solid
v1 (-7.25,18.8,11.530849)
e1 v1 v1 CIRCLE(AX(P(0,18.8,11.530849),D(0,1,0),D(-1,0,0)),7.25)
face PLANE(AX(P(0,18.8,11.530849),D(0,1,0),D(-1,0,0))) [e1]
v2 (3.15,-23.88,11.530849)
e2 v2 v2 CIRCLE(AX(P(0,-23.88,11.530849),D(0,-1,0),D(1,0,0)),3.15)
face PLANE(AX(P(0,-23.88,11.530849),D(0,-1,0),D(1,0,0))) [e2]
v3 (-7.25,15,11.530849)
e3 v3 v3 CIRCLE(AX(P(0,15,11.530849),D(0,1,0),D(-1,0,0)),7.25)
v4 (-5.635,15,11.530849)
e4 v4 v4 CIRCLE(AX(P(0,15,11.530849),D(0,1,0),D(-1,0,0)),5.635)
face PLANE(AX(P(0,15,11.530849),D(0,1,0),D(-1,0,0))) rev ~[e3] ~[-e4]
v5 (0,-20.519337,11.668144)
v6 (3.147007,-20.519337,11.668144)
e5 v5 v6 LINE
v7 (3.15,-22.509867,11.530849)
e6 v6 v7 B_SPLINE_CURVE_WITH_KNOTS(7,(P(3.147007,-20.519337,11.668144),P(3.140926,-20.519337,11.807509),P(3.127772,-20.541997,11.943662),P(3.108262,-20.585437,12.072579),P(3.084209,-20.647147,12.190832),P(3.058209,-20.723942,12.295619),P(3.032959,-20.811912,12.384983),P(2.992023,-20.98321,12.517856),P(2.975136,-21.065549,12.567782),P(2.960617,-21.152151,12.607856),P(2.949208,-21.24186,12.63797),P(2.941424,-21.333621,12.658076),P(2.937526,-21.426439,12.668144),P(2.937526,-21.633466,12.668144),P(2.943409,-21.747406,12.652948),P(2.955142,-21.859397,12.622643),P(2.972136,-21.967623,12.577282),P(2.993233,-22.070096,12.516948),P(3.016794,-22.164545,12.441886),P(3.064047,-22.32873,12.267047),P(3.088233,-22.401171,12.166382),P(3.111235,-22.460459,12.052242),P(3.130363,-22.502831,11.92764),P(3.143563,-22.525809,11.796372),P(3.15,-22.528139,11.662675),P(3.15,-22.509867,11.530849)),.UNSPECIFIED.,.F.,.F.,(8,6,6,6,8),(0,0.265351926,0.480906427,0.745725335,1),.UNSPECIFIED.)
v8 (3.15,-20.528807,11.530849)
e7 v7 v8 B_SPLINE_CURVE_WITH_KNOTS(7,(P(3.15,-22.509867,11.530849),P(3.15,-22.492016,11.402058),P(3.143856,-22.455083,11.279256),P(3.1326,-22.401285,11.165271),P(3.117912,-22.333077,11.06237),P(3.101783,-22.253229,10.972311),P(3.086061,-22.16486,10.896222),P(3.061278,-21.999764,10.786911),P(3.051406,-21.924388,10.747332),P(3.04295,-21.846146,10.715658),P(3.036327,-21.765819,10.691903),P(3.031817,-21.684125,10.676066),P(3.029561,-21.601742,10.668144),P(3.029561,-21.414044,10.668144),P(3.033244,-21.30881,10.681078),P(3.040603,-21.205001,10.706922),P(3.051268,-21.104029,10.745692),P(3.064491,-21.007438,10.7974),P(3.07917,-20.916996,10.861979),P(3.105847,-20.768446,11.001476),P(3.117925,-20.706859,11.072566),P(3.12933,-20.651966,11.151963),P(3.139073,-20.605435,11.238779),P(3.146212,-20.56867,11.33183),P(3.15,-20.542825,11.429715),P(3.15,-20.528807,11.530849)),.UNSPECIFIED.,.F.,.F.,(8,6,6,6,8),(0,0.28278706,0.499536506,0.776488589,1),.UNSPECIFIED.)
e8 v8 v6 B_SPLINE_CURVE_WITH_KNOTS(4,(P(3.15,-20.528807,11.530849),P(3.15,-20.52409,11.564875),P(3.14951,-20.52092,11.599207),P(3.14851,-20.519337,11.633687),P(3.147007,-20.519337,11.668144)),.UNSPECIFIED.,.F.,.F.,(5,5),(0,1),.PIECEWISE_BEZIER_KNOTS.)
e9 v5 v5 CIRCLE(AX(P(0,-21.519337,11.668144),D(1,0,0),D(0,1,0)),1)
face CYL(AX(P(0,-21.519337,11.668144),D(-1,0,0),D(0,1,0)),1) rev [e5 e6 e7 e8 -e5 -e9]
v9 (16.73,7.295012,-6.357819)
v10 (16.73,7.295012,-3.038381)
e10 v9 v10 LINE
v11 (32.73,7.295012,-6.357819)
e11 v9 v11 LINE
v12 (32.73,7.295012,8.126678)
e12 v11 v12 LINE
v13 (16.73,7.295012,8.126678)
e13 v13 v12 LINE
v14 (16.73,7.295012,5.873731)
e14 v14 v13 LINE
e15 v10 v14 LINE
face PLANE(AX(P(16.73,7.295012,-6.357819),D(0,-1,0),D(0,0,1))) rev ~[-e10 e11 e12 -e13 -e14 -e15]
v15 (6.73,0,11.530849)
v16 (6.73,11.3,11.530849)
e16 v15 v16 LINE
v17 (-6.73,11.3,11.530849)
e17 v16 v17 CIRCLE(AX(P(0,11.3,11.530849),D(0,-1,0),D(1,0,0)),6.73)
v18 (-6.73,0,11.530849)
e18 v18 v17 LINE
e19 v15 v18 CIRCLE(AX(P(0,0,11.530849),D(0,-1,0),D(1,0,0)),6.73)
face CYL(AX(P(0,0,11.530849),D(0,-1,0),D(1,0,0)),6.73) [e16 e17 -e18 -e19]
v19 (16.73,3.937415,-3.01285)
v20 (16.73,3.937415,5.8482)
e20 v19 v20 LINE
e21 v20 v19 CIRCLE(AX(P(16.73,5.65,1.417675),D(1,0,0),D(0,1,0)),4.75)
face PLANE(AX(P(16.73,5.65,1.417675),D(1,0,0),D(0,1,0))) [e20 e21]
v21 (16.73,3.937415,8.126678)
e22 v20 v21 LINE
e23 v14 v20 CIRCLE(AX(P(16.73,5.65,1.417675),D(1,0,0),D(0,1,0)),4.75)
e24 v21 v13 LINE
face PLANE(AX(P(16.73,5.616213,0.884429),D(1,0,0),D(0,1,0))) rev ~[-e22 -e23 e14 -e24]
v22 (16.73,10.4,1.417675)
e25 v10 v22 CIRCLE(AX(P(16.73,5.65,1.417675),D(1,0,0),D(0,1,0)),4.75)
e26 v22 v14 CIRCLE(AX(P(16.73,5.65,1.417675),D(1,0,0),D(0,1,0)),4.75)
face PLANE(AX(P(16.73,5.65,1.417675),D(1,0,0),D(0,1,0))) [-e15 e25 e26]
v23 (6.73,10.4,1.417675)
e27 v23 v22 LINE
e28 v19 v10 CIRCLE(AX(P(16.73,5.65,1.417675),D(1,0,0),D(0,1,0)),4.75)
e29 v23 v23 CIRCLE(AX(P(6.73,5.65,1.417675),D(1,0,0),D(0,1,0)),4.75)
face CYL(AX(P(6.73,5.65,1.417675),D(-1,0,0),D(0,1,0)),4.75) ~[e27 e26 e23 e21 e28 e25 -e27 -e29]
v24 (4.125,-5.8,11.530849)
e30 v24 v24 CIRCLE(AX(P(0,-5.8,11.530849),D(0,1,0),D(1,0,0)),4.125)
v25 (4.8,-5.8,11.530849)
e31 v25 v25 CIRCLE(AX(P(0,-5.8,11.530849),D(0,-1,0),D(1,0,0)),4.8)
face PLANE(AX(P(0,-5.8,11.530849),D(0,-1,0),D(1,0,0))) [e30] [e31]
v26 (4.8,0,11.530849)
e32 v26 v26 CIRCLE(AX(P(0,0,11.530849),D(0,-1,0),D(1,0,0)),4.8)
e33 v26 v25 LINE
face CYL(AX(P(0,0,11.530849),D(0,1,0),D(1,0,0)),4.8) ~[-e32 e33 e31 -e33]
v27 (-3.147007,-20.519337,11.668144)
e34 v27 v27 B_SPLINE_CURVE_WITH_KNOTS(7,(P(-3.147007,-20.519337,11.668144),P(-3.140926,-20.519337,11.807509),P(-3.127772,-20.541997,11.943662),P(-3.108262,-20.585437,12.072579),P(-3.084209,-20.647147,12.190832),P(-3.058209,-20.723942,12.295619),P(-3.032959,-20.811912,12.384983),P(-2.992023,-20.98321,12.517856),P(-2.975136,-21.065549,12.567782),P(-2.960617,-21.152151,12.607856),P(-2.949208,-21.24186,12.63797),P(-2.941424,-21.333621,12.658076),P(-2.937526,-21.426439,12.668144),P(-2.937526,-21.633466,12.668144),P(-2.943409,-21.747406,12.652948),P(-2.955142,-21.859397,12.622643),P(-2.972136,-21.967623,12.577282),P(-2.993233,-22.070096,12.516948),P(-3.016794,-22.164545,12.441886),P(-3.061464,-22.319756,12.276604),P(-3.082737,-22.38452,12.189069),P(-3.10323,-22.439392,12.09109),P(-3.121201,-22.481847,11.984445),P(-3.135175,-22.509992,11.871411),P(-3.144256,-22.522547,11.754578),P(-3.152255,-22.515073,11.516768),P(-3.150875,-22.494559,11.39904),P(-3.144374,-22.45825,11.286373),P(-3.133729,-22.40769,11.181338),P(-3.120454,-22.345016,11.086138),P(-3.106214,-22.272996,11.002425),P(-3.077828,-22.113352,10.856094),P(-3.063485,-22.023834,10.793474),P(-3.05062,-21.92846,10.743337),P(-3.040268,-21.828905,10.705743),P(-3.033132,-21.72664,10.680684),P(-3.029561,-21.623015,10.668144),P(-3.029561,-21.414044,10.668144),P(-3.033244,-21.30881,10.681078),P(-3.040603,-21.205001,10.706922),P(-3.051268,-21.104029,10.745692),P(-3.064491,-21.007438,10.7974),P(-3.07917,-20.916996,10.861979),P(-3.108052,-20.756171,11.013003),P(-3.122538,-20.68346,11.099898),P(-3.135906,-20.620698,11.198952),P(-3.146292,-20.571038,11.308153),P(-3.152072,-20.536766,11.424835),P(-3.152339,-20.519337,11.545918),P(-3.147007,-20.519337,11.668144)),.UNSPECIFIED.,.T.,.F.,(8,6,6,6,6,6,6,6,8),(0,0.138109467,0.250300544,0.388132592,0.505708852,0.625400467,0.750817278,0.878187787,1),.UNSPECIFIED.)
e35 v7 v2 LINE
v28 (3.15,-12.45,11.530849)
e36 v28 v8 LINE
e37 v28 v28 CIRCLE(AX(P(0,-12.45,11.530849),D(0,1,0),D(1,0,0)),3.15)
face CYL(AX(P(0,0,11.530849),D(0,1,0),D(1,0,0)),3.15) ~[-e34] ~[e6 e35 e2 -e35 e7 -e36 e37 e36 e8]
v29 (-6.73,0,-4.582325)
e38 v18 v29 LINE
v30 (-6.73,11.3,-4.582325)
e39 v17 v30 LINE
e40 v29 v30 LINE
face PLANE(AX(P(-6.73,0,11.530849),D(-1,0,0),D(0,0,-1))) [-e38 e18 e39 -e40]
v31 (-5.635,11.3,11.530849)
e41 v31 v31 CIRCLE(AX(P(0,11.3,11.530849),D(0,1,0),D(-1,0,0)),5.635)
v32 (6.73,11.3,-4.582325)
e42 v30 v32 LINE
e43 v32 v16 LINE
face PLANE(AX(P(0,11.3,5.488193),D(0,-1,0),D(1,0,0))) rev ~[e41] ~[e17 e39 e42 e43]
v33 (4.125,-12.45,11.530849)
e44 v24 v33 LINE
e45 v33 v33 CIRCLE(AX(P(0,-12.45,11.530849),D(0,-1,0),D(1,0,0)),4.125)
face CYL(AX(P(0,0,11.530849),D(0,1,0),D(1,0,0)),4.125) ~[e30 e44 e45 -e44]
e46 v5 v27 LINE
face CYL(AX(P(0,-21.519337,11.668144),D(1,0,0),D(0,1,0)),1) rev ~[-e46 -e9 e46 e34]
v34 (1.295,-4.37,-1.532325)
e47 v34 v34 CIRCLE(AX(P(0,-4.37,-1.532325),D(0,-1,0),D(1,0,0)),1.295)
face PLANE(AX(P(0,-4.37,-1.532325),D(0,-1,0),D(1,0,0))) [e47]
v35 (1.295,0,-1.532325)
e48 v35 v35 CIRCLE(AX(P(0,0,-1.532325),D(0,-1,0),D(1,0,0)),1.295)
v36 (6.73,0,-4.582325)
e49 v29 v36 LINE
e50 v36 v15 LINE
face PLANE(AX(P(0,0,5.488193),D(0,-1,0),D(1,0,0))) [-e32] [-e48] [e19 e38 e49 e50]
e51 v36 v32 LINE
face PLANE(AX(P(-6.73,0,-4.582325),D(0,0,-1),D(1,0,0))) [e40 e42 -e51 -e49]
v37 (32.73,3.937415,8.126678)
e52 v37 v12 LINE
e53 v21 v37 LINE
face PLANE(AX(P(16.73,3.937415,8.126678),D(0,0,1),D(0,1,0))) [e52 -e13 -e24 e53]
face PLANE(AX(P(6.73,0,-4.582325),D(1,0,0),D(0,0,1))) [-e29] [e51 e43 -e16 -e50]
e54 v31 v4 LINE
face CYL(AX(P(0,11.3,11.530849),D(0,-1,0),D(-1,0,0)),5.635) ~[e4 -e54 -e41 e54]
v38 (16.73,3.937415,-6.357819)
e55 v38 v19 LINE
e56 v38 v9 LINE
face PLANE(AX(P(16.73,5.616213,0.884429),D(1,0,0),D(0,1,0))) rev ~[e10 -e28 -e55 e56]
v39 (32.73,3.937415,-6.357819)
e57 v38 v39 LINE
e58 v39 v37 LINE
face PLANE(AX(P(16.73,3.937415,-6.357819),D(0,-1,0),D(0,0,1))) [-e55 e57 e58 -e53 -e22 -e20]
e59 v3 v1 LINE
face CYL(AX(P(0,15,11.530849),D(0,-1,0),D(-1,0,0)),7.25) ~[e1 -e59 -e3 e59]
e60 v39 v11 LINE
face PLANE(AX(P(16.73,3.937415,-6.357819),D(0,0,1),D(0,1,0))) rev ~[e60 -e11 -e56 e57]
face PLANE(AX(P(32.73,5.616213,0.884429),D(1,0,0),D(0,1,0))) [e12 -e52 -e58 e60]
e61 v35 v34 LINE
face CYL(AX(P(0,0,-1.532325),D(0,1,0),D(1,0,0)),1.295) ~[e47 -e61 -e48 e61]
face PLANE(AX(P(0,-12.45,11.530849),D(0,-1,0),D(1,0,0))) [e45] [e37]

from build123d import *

# Parameters (mm, degrees)
F1_DEPTH      = 11.3
F2_R          = 4.8
F3_DEPTH      = 5.8
F4_R          = 4.125
F5_DEPTH      = 12.45
F6_R          = 3.15
F7_DEPTH      = 23.88
F8_R          = 1
F9_DEPTH      = 6.731
F9_DEPTH_BACK = 6.731
F10_R         = 5.635
F11_DEPTH     = 3.7
F12_R         = 7.25
F12_R_2       = 5.635
F13_DEPTH     = 3.8
F14_R         = 4.75
F15_DEPTH     = 10
F16_W         = 3.3575966954
F16_H         = 14.4844972529
F17_DEPTH     = 16
F18_R         = 1.295
F19_DEPTH     = 4.37


with BuildPart() as f1:
    # F0 (on Front) → F1 (new body)
    with BuildSketch(Plane.XZ):
        with BuildLine():
            ThreePointArc((6.73, 11.5308485135), (0, 18.2608485135), (-6.73, 11.5308485135))
            Line((-6.73, 11.5308485135), (-6.73, -4.5823248016))
            Line((-6.73, -4.5823248016), (6.73, -4.5823248016))
            Line((6.73, -4.5823248016), (6.73, 11.5308485135))
        make_face()
    extrude(amount=-F1_DEPTH)

    # F2 (on face) → F3 (join)
    with BuildSketch(Plane.XZ):
        with Locations((0, 11.5308485135)):
            Circle(F2_R)
    extrude(amount=F3_DEPTH)

    # F4 (on face) → F5 (join)
    with BuildSketch(Plane.XZ):
        with Locations((0, 11.5308485135)):
            Circle(F4_R)
    extrude(amount=F5_DEPTH)

    # F6 (on face) → F7 (join)
    with BuildSketch(Plane.XZ):
        with Locations((0, 11.5308485135)):
            Circle(F6_R)
    extrude(amount=F7_DEPTH)

    # F8 (on Right) → F9 (cut, two sides)
    with BuildSketch(Plane.YZ) as f9_sk:
        with Locations((-21.5193368495, 11.6681437939)):
            Circle(F8_R)
    extrude(amount=-F9_DEPTH, mode=Mode.SUBTRACT)
    extrude(f9_sk.sketch, amount=F9_DEPTH_BACK, mode=Mode.SUBTRACT)

    # F10 (on face) → F11 (join)
    with BuildSketch(Plane(origin=(0, 11.3, 0), x_dir=(-1, 0, 0), z_dir=(0, 1, 0))):
        with Locations((0, 11.5308485135)):
            Circle(F10_R)
    extrude(amount=F11_DEPTH)

    # F12 (on face) → F13 (join)
    with BuildSketch(Plane(origin=(0, 15, 0), x_dir=(-1, 0, 0), z_dir=(0, 1, 0))):
        with Locations((0, 11.5308485135)):
            Circle(F12_R)
        with Locations((0, 11.5308485135)):
            Circle(F12_R_2, mode=Mode.SUBTRACT)
        with Locations((0, 11.5308485135)):
            Circle(F12_R_2)
    extrude(amount=F13_DEPTH)

    # F14 (on face) → F15 (join)
    with BuildSketch(Plane.YZ.offset(6.73)):
        with Locations((5.65, 1.4176751984)):
            Circle(F14_R)
    extrude(amount=F15_DEPTH)

    # F16 (on face) → F17 (join)
    with BuildSketch(Plane.YZ.offset(16.73)):
        with Locations((5.616213195, 0.8844293188)):
            Rectangle(F16_W, F16_H)
    extrude(amount=F17_DEPTH)

    # F18 (on face) → F19 (join)
    with BuildSketch(Plane.XZ):
        with Locations((0, -1.5323248016)):
            Circle(F18_R)
    extrude(amount=F19_DEPTH)


solid = f1.part
